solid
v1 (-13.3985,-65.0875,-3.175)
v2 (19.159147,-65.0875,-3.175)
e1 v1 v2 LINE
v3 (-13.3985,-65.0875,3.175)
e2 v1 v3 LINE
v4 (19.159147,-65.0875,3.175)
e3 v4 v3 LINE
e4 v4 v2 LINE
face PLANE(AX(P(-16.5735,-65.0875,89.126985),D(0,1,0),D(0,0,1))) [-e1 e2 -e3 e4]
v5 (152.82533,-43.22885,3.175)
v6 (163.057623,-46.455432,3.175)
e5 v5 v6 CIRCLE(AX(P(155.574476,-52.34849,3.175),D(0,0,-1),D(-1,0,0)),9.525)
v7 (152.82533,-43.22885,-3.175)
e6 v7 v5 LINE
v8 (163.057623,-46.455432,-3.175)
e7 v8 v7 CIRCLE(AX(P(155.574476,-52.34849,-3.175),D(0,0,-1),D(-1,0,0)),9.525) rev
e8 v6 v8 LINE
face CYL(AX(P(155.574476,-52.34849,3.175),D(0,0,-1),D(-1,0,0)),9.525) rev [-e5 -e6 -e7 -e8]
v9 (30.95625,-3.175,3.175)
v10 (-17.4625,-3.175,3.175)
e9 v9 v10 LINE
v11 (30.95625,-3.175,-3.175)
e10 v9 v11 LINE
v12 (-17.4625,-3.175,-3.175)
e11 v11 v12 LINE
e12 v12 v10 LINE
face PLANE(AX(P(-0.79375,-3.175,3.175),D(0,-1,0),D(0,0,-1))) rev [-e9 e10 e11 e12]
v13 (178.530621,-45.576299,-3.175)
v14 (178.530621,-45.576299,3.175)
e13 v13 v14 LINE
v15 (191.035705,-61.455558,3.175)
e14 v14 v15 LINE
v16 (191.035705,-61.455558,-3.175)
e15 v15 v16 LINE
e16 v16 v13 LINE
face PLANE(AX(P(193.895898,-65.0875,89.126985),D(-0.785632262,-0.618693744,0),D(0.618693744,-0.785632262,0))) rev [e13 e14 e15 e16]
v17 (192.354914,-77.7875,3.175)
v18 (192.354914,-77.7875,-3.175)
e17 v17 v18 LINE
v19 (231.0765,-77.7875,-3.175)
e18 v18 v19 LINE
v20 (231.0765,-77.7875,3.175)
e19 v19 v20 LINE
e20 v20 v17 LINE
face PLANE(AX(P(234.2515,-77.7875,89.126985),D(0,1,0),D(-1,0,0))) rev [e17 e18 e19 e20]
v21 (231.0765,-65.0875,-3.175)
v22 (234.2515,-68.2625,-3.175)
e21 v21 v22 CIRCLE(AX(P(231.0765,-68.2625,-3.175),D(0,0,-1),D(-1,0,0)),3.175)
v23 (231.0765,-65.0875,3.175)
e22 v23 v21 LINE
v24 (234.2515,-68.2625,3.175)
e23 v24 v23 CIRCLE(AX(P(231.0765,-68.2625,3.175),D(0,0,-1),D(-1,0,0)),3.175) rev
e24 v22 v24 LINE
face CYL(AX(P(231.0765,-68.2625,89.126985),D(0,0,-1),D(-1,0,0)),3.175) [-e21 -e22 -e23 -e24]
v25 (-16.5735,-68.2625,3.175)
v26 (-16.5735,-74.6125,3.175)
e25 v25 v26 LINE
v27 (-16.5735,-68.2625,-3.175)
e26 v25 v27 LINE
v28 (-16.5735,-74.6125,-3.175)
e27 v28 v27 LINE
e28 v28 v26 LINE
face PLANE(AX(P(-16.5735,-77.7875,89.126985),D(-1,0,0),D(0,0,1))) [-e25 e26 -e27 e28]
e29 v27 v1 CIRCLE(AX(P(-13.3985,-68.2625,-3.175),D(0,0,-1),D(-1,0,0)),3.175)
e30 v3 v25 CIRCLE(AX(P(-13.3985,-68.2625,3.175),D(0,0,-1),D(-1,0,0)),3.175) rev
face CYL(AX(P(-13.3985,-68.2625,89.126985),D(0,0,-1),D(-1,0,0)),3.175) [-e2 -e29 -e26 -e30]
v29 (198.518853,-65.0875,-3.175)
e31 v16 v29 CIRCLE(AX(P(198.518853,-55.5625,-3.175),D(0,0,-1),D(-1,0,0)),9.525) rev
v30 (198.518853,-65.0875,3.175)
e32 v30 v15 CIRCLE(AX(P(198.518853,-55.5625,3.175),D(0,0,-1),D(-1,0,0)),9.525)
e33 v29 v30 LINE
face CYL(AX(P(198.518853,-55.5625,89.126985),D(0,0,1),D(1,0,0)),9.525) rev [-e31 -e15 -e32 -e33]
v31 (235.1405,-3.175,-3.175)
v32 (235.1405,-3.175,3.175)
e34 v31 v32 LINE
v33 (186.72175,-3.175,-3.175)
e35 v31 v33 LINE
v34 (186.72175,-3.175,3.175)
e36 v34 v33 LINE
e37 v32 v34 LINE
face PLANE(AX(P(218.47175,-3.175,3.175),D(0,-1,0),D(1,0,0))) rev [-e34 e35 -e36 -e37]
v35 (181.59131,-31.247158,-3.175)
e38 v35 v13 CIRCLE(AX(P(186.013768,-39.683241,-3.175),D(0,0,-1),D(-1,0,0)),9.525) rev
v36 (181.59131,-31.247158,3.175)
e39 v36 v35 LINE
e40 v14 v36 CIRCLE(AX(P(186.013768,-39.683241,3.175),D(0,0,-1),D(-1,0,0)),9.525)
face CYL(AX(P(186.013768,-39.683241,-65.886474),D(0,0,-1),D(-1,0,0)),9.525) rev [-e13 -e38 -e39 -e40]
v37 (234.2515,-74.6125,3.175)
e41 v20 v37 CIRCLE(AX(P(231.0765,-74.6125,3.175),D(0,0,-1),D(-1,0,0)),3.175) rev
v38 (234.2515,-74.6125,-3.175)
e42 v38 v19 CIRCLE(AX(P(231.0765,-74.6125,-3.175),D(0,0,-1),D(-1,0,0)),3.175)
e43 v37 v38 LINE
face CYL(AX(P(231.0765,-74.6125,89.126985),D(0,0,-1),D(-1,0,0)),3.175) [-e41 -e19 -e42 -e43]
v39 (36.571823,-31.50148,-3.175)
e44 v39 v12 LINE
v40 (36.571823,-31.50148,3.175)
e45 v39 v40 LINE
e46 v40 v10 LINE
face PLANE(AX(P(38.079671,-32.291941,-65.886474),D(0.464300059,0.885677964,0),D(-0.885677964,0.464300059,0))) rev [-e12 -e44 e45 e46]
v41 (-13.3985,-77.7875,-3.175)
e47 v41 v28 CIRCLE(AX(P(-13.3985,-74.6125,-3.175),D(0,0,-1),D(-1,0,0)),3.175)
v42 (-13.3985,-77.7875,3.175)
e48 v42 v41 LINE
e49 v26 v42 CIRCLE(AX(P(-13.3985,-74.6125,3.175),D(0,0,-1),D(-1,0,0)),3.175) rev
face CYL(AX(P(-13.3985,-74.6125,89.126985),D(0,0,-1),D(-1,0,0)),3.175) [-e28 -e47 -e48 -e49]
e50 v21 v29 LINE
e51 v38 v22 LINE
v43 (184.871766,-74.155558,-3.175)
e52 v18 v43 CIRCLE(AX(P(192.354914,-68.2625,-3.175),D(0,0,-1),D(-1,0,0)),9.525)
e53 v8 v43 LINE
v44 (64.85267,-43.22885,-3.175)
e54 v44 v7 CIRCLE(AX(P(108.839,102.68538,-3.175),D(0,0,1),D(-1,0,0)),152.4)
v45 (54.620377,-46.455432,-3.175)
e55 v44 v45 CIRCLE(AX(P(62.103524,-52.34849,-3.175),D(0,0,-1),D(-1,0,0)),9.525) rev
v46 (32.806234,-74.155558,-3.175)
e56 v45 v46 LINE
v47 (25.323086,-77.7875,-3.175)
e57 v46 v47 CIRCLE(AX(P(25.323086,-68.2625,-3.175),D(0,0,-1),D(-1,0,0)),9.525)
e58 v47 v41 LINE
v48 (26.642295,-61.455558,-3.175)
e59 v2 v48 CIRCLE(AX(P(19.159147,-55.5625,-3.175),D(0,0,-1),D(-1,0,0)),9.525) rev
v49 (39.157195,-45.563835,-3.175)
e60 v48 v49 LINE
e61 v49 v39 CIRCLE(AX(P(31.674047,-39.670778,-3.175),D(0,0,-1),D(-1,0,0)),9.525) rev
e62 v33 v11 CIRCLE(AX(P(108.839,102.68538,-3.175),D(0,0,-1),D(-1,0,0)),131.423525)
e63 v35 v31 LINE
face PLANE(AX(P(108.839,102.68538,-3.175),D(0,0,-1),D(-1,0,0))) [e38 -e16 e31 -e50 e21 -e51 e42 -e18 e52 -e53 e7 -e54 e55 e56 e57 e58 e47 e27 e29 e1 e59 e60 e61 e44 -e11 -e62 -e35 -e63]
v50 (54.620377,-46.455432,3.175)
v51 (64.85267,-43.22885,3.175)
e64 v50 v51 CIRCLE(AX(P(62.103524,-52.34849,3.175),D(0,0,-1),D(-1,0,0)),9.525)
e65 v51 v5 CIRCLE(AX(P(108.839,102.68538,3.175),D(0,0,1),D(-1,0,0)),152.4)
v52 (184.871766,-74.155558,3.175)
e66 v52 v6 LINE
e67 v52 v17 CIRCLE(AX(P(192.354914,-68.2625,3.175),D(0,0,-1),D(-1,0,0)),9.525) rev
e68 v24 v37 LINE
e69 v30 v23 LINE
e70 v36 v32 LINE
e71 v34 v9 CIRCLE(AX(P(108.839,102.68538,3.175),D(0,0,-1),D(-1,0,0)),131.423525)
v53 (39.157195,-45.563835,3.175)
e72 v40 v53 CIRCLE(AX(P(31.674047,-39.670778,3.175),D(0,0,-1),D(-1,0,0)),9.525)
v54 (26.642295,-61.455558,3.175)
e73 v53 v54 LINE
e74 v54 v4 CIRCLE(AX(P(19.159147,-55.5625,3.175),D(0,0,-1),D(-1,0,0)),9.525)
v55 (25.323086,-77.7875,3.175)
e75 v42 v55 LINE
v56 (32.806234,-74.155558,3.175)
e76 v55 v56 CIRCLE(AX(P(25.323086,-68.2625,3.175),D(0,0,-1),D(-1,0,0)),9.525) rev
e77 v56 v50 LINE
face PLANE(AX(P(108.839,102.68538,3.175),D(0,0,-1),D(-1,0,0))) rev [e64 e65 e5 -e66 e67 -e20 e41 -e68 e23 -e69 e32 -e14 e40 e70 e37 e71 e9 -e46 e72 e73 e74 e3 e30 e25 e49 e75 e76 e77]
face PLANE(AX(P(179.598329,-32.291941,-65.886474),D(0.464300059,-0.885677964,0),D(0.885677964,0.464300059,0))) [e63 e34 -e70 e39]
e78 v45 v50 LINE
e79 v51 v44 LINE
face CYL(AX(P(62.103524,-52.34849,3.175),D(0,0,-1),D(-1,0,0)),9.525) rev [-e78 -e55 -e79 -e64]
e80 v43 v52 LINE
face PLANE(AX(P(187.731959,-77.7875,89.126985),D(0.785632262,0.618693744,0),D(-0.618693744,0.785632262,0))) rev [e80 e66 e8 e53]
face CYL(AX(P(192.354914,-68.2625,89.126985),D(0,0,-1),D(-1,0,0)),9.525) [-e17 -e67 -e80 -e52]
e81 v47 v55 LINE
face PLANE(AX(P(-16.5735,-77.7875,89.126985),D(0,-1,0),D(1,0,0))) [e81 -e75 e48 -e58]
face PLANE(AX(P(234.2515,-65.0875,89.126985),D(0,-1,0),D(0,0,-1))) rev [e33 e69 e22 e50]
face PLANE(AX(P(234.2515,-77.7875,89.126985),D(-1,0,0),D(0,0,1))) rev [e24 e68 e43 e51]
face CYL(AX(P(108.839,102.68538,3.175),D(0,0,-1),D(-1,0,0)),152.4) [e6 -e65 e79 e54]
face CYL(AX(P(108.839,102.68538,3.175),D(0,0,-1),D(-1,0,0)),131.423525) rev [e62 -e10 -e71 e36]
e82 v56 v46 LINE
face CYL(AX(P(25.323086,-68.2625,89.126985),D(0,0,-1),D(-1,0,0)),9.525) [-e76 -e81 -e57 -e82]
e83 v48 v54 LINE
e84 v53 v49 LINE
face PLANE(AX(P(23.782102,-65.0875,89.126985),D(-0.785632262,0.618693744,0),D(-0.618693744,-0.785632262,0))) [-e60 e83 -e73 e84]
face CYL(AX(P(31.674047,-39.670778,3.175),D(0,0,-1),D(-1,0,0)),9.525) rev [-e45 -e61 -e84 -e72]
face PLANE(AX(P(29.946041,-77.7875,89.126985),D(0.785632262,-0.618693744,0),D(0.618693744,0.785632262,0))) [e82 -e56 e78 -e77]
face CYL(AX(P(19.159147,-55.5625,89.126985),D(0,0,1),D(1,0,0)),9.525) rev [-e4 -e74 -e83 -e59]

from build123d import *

# Parameters (mm, degrees)
EXTRUDE1_DEPTH       = 3.175
EXTRUDE2_DEPTH       = 6.35
EXTRUDE3_DEPTH       = 6.35
FILLET1_R            = 9.525
FILLET2_R            = 3.175
FILLET1_OF_MIRROR1_R = 9.525
FILLET2_OF_MIRROR1_R = 3.175


with BuildPart() as part:
    # Sketch1 → Extrude1 (new body, symmetric)
    with BuildSketch(Plane.XY):
        with BuildLine():
            Line((218.47175, -3.175), (186.72175, -3.175))
            ThreePointArc((186.72175, -3.175), (108.839, -28.738144468), (30.95625, -3.175))
            Line((30.95625, -3.175), (-0.79375, -3.175))
            ThreePointArc((-0.79375, -3.175), (108.839, -49.714619652), (218.47175, -3.175))
        make_face()
    extrude(amount=EXTRUDE1_DEPTH, both=True)

    # Sketch2 → Extrude2 (add)
    with BuildSketch(Plane(origin=(0, 0, -3.175), x_dir=(-1, 0, 0), z_dir=(0, 0, -1))):
        with BuildLine():
            Line((16.5735, -77.7875), (-29.946040711, -77.7875))
            Line((-29.946040711, -77.7875), (-58.727389514, -41.240247997))
            ThreePointArc((-58.727389514, -41.240247997), (-52.51922119, -38.926209978), (-46.417495888, -36.344529471))
            Line((-46.417495888, -36.344529471), (-23.782101567, -65.0875))
            Line((-23.782101567, -65.0875), (16.5735, -65.0875))
            Line((16.5735, -65.0875), (16.5735, -77.7875))
        make_face()
    extrude2 = extrude(amount=-EXTRUDE2_DEPTH)

    # Sketch3 → Extrude3 (add)
    with BuildSketch(Plane.XY.offset(3.175)):
        with BuildLine():
            Line((179.598329003, -32.291941299), (235.1405, -3.175))
            Line((235.1405, -3.175), (218.47175, -3.175))
            ThreePointArc((218.47175, -3.175), (200.202420522, -19.2920167), (179.598329003, -32.291941299))
        make_face()
    extrude3 = extrude(amount=-EXTRUDE3_DEPTH)

    # Fillet1
    fillet1_edges = [part.edges().sort_by_distance(p)[0] for p in [
        (29.946040711, -77.7875, 0),
        (58.727389514, -41.240247997, 0),
        (46.417495888, -36.344529471, 0),
        (23.782101567, -65.0875, 0),
    ]]
    fillet(fillet1_edges, radius=FILLET1_R)

    # Fillet2
    fillet2_edges = [part.edges().sort_by_distance(p)[0] for p in [
        (-16.5735, -65.0875, 0),
        (-16.5735, -77.7875, 0),
    ]]
    fillet(fillet2_edges, radius=FILLET2_R)

    # Mirror1: Extrude2, Extrude3 across plane
    add(extrude2.mirror(Plane(origin=(108.839, 0, 0), x_dir=(0, 0, 1), z_dir=(1, 0, 0))))
    add(extrude3.mirror(Plane(origin=(108.839, 0, 0), x_dir=(0, 0, 1), z_dir=(1, 0, 0))))

    # Fillet1 of Mirror1
    fillet1_of_mirror1_edges = [part.edges().sort_by_distance(p)[0] for p in [
        (187.731959289, -77.7875, 0),
        (158.950610486, -41.240247997, 0),
        (171.260504112, -36.344529471, 0),
        (193.895898433, -65.0875, 0),
    ]]
    fillet(fillet1_of_mirror1_edges, radius=FILLET1_OF_MIRROR1_R)

    # Fillet2 of Mirror1
    fillet2_of_mirror1_edges = [part.edges().sort_by_distance(p)[0] for p in [
        (234.2515, -65.0875, 0),
        (234.2515, -77.7875, 0),
    ]]
    fillet(fillet2_of_mirror1_edges, radius=FILLET2_OF_MIRROR1_R)


solid = part.part
